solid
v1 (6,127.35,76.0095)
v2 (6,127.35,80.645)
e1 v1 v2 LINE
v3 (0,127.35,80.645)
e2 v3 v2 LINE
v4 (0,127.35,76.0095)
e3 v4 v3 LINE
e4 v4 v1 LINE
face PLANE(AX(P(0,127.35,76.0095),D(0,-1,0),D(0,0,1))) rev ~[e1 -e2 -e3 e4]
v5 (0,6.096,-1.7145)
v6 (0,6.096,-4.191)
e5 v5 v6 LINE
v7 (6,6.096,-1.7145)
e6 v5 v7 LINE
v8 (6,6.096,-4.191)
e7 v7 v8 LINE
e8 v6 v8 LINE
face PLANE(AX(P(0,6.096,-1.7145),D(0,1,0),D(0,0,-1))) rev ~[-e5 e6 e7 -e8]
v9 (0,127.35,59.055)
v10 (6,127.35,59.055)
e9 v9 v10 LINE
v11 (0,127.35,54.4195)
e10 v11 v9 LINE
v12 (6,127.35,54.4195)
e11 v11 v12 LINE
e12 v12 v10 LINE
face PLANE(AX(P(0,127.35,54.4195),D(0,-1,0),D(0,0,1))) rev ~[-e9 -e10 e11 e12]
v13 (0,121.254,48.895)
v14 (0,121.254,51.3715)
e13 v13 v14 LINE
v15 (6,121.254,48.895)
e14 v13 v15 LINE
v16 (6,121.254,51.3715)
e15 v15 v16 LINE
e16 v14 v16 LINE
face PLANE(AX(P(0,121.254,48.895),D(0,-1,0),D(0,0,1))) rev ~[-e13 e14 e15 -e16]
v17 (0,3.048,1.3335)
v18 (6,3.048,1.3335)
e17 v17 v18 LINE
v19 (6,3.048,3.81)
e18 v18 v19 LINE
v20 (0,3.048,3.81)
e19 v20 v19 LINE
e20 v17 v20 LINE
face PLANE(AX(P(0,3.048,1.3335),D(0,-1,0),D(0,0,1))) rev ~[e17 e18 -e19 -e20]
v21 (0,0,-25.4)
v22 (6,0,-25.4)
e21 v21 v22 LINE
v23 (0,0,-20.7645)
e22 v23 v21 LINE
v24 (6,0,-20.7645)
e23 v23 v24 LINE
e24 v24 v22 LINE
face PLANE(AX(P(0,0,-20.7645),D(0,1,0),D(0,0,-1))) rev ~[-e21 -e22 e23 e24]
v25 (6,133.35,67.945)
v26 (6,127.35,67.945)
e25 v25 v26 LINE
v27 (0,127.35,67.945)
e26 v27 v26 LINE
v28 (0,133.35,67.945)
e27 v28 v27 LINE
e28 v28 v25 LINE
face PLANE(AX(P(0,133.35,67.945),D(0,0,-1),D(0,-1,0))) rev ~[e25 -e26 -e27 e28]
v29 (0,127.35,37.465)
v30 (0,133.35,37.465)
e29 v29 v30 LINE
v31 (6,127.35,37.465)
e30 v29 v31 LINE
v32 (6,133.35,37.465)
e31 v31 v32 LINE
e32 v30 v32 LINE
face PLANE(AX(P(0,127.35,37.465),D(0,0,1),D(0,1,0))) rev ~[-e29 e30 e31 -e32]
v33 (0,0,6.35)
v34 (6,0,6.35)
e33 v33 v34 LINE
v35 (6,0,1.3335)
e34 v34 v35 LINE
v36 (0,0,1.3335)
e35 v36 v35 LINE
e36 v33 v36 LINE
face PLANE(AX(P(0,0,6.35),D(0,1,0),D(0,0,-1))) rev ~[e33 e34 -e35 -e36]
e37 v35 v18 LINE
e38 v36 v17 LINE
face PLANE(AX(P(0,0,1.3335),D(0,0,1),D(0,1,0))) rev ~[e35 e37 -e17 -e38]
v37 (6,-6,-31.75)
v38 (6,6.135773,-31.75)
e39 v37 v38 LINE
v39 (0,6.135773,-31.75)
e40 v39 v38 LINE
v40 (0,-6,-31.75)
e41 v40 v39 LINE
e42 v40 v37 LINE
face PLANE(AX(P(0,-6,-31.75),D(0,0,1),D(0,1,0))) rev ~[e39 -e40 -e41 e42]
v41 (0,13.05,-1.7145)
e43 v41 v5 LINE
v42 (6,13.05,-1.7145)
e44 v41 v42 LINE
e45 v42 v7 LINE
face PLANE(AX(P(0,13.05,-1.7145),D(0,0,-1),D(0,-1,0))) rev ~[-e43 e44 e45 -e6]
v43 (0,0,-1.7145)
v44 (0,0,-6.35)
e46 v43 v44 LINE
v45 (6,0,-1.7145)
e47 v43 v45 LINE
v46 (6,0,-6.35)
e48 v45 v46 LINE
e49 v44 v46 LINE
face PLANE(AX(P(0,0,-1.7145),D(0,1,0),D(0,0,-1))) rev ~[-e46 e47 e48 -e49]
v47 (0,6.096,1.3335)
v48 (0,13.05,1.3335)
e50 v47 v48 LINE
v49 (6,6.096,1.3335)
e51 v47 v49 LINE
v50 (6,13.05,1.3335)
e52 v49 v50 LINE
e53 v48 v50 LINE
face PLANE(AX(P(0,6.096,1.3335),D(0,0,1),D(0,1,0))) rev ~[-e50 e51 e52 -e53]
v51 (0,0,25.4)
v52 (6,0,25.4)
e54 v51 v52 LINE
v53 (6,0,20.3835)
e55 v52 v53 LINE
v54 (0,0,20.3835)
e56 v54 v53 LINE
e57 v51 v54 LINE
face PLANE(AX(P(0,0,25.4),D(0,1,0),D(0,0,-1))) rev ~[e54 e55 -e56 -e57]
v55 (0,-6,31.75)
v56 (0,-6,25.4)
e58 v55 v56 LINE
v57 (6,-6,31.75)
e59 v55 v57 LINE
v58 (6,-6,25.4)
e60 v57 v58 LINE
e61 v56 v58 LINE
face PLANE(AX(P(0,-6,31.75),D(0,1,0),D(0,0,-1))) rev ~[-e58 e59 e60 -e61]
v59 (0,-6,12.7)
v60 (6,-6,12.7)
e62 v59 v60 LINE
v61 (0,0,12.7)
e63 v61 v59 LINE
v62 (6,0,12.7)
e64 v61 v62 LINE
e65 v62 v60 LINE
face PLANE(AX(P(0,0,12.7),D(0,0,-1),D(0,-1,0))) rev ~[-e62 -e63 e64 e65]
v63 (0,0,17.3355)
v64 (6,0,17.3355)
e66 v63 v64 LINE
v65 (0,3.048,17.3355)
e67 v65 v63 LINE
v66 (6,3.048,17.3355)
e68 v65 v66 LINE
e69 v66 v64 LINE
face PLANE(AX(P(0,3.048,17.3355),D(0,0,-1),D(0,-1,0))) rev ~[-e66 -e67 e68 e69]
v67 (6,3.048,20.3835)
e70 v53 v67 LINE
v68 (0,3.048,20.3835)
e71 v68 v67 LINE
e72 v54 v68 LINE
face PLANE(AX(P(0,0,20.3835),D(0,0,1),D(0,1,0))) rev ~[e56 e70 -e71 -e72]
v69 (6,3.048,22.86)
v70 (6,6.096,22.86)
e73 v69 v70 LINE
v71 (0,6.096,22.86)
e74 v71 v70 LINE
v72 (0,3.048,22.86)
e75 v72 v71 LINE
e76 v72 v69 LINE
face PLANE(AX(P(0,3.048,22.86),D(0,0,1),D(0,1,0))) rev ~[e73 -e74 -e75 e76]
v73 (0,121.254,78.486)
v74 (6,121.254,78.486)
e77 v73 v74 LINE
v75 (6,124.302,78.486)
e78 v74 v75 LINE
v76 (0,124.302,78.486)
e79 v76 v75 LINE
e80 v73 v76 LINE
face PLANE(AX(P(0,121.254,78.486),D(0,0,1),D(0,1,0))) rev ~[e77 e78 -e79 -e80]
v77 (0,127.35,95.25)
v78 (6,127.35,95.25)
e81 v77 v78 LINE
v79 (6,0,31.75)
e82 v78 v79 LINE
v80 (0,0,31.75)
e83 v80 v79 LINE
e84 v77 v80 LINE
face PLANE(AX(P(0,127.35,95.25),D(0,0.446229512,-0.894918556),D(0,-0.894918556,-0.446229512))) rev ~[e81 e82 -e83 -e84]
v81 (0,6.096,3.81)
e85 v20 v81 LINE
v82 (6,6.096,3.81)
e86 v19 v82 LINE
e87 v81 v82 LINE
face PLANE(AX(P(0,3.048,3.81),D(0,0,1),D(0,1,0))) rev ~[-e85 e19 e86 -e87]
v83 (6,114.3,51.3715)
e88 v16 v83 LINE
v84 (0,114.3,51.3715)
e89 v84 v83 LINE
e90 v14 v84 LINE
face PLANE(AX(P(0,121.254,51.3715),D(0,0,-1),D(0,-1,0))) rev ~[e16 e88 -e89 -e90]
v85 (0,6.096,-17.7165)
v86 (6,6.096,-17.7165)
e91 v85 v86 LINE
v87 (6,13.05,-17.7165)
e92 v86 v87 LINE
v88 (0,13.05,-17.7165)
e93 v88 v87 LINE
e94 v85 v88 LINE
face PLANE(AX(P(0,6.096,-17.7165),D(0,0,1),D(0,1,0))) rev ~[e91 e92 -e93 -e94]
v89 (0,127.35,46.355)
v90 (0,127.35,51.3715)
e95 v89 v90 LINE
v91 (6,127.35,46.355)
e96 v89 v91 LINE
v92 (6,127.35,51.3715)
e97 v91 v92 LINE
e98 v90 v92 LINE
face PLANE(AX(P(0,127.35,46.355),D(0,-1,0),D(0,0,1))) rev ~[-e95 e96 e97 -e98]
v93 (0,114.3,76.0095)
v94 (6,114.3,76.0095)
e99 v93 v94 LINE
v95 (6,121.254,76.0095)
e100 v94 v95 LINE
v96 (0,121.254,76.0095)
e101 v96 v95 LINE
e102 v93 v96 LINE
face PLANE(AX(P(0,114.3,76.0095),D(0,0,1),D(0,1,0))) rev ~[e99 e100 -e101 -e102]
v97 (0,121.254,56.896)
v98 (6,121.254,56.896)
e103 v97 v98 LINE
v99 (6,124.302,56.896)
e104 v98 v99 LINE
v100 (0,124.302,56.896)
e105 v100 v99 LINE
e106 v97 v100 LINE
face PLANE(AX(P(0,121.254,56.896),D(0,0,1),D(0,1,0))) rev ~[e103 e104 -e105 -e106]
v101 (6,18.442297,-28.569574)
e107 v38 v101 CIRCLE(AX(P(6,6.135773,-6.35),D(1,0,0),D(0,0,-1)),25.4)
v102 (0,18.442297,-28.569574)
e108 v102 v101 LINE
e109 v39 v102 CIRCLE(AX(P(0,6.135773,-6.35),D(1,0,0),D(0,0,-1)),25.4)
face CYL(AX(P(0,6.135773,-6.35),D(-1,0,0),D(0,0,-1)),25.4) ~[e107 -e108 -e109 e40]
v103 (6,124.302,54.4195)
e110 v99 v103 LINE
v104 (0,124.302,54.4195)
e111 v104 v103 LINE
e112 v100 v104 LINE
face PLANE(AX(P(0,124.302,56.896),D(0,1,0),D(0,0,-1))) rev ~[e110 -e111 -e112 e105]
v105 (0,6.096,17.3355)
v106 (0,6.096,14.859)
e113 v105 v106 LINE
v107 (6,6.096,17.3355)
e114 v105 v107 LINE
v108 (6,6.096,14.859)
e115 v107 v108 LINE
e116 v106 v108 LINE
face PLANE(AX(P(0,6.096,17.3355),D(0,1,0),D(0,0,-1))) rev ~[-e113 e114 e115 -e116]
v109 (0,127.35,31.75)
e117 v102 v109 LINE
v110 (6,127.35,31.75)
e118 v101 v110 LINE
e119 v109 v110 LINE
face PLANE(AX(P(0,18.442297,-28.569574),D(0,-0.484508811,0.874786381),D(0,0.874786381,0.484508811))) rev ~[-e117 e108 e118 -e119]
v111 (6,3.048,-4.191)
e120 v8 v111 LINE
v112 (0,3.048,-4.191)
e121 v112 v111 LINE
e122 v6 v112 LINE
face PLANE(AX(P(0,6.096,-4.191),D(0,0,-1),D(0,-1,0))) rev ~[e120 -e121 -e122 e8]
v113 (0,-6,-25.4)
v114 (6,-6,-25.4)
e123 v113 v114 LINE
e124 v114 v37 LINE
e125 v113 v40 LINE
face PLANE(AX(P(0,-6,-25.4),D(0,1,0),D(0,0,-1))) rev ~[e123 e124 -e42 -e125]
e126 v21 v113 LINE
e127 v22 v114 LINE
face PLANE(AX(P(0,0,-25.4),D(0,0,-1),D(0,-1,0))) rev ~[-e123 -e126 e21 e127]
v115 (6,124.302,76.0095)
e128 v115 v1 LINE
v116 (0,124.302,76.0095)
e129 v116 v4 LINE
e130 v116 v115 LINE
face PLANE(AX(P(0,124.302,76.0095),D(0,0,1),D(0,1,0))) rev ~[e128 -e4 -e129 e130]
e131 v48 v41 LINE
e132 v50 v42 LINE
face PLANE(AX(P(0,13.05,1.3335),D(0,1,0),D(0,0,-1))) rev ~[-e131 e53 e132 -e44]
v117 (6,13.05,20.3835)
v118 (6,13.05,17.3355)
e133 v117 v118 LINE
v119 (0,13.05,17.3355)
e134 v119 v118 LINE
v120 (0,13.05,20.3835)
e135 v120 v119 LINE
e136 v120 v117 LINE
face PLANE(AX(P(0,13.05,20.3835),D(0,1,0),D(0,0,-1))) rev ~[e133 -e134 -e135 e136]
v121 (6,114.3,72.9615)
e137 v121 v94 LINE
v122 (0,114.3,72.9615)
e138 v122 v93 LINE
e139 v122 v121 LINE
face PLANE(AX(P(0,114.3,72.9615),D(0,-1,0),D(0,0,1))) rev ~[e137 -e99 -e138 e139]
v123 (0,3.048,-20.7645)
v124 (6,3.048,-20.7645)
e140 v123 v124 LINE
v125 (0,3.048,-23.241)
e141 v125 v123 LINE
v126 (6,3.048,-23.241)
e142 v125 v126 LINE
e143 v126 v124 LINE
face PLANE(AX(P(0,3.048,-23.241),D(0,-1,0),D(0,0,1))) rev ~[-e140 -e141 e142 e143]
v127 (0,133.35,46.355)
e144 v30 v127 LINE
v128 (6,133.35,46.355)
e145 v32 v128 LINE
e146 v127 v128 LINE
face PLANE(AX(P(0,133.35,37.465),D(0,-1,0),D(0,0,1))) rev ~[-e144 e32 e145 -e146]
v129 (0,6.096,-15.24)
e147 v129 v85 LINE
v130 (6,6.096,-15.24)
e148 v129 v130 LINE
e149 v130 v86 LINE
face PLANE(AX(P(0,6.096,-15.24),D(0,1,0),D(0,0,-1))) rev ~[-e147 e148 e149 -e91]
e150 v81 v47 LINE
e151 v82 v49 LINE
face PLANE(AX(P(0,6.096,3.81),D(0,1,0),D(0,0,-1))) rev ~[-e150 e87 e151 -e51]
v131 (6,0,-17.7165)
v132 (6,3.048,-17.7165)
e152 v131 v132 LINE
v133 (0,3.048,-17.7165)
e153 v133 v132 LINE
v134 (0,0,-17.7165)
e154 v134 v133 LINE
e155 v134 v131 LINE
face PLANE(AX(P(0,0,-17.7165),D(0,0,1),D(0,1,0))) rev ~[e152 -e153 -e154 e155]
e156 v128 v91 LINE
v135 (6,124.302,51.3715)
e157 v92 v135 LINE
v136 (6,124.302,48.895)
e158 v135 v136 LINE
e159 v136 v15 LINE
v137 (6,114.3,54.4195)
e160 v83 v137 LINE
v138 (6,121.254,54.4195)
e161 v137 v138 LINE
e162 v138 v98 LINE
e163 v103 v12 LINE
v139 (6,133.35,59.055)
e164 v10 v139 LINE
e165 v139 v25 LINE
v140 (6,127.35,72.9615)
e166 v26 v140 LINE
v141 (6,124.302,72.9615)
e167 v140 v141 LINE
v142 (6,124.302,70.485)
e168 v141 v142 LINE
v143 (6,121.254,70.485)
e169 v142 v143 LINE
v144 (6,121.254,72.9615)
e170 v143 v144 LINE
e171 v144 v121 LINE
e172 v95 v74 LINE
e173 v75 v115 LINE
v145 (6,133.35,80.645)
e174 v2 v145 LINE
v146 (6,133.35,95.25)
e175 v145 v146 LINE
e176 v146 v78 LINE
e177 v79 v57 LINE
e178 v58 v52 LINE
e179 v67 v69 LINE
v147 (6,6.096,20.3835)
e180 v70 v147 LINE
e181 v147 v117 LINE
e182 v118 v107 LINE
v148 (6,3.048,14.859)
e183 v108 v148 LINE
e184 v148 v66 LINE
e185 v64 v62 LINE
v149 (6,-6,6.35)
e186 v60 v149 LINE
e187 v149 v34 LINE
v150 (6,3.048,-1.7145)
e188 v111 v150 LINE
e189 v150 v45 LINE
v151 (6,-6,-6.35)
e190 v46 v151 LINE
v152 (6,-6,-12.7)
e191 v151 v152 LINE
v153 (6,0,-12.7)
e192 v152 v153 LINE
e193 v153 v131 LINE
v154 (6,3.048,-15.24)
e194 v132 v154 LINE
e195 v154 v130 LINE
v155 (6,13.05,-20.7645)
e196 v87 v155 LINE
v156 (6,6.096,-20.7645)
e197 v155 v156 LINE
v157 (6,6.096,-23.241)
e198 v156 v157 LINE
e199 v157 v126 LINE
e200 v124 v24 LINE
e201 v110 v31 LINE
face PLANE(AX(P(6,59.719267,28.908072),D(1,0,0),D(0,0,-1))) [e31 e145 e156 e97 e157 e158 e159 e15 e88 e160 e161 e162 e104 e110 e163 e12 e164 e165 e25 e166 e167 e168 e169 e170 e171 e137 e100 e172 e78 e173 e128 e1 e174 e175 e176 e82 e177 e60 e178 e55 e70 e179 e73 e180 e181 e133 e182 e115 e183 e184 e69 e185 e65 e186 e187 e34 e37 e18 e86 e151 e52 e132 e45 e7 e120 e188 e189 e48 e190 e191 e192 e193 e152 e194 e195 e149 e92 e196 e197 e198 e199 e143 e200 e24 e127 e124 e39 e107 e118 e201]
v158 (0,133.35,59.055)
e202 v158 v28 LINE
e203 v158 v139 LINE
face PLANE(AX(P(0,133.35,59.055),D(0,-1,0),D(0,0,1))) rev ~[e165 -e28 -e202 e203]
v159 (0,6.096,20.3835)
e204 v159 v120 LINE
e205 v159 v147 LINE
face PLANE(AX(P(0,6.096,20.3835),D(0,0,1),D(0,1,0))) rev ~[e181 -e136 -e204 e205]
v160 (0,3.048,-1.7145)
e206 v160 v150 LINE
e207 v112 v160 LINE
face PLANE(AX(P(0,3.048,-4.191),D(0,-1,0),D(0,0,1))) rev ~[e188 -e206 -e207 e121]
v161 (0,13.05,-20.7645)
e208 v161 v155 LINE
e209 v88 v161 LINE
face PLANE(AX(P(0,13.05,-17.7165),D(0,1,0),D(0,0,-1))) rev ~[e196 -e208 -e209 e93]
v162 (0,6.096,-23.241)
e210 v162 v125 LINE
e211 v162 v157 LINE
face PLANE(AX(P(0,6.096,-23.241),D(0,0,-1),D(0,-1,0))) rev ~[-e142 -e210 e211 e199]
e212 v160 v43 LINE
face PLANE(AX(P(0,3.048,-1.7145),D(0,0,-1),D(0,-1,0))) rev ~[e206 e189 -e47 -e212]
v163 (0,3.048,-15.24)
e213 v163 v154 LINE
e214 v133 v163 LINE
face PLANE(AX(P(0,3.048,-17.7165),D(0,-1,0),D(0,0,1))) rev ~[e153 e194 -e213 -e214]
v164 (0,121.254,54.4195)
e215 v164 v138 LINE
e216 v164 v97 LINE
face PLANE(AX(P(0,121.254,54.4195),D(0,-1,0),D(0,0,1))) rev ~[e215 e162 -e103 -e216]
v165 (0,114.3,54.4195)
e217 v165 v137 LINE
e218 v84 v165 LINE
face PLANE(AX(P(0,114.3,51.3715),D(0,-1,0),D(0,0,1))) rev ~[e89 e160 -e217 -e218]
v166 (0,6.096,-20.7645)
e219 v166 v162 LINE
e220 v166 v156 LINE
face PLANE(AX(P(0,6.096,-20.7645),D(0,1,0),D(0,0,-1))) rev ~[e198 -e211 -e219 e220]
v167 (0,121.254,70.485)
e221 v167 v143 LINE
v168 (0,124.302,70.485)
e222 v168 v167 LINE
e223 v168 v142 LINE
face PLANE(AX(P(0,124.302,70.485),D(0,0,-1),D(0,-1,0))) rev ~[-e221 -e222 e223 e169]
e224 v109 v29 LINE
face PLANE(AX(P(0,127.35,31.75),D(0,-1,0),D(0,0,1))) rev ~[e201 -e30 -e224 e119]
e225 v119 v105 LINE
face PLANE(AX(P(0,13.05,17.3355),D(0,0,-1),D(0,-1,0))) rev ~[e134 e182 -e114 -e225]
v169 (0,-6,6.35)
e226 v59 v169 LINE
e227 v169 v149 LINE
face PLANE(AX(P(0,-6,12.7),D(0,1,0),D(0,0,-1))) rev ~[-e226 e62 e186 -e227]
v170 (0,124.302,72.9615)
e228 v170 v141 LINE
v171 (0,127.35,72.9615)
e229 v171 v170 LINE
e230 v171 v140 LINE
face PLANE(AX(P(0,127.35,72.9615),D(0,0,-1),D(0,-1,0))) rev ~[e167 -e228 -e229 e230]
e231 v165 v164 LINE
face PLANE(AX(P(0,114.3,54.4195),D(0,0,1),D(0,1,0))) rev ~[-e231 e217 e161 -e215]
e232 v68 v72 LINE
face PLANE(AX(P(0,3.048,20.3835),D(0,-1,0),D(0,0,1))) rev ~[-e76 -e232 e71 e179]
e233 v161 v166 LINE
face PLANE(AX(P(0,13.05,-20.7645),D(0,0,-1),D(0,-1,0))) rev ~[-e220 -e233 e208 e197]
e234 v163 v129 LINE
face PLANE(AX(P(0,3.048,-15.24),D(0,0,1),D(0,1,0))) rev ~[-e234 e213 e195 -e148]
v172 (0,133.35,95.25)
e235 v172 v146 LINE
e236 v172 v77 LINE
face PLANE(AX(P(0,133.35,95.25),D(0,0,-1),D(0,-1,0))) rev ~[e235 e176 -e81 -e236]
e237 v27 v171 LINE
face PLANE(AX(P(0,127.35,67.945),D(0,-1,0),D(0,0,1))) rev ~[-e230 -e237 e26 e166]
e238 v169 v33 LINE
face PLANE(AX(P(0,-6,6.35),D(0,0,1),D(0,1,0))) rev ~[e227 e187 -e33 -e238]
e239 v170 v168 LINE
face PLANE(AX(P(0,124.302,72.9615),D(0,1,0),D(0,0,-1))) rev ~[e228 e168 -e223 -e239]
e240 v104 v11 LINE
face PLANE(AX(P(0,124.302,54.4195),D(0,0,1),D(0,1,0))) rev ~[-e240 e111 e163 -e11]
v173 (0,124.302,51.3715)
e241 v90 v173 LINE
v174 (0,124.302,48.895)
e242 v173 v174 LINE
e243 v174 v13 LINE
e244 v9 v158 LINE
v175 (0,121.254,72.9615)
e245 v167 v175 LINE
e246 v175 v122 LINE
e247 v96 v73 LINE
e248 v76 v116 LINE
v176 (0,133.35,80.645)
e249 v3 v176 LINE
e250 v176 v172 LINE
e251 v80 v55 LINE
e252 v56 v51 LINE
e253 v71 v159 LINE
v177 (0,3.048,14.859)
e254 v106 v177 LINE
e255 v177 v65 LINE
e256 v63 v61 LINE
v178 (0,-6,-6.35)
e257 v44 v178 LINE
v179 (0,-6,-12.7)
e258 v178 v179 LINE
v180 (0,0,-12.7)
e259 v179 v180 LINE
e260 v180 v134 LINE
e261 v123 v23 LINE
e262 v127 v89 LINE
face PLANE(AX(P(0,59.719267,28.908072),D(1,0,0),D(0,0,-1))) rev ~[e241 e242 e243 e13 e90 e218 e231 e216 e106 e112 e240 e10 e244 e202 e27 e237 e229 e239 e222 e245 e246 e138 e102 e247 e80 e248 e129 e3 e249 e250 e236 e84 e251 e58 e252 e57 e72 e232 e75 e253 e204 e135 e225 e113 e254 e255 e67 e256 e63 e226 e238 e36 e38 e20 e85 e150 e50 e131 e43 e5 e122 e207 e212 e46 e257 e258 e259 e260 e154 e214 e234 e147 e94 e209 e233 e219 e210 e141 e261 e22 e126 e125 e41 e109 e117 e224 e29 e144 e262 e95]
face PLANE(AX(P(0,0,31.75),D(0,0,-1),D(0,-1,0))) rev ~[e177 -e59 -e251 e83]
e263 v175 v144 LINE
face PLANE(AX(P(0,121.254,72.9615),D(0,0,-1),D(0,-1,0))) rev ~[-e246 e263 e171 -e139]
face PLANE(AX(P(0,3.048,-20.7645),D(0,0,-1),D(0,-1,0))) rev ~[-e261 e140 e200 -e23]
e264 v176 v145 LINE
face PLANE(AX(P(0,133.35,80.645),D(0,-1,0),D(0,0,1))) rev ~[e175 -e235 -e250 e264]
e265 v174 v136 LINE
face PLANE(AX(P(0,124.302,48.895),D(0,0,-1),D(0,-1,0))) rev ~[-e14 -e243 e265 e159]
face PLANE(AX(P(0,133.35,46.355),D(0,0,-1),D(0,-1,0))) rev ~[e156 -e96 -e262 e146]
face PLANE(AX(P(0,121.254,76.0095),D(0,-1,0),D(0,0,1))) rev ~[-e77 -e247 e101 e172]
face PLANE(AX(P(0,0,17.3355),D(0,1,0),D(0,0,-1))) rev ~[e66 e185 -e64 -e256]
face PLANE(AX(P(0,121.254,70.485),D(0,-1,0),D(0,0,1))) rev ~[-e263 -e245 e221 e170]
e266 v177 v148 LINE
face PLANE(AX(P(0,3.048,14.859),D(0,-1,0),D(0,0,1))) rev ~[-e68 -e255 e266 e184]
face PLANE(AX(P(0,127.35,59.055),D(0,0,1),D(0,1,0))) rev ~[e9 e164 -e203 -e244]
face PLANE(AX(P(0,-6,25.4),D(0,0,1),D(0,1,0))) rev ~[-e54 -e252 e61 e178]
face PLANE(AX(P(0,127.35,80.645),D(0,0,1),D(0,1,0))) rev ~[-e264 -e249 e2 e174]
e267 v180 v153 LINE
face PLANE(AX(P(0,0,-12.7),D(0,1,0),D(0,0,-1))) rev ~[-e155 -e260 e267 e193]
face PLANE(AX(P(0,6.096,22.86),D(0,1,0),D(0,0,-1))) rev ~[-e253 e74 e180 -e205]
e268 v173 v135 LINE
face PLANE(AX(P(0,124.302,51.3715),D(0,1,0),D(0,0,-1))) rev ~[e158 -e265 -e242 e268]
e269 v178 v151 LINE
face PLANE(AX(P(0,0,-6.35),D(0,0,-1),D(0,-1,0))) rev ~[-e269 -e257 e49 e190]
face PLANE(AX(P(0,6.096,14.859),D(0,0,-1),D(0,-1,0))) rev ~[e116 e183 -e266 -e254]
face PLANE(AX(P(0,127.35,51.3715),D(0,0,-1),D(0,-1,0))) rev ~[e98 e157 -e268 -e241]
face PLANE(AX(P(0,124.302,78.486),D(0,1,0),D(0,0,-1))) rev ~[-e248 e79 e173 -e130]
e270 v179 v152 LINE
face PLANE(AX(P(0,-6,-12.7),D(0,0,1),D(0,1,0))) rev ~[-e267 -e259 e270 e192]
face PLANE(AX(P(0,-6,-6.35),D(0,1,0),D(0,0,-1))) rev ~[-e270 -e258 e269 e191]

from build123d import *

# Parameters (mm, degrees)
BOSS_EXTRUDE1_DEPTH = 6


with BuildPart() as part:
    # Sketch1 → Boss-Extrude1 (new body)
    with BuildSketch(Plane(origin=(0, 0, 0), x_dir=(0, 0, -1), z_dir=(1, 0, 0))):
        with BuildLine():
            Line((-95.25, 127.35), (-31.75, 0))
            Line((-31.75, 0), (-31.75, -6))
            Line((-31.75, -6), (-25.4, -6))
            Line((-25.4, -6), (-25.4, 0))
            Line((-25.4, 0), (-20.3835, 0))
            Line((-20.3835, 0), (-20.3835, 3.048))
            Line((-20.3835, 3.048), (-22.86, 3.048))
            Line((-22.86, 3.048), (-22.86, 6.096))
            Line((-22.86, 6.096), (-20.3835, 6.096))
            Line((-20.3835, 6.096), (-20.3835, 13.050000062))
            Line((-20.3835, 13.050000062), (-17.3355, 13.050000062))
            Line((-17.3355, 13.050000062), (-17.3355, 6.096))
            Line((-17.3355, 6.096), (-14.859, 6.096))
            Line((-14.859, 6.096), (-14.859, 3.048))
            Line((-14.859, 3.048), (-17.3355, 3.048))
            Line((-17.3355, 3.048), (-17.3355, 0))
            Line((-17.3355, 0), (-12.7, 0))
            Line((-12.7, 0), (-12.7, -6))
            Line((-12.7, -6), (-6.35, -6))
            Line((-6.35, -6), (-6.35, 0))
            Line((-6.35, 0), (-1.3335, 0))
            Line((-1.3335, 0), (-1.3335, 3.048))
            Line((-1.3335, 3.048), (-3.81, 3.048))
            Line((-3.81, 3.048), (-3.81, 6.096))
            Line((-3.81, 6.096), (-1.3335, 6.096))
            Line((-1.3335, 6.096), (-1.3335, 13.050000062))
            Line((-1.3335, 13.050000062), (1.7145, 13.050000062))
            Line((1.7145, 13.050000062), (1.7145, 6.096))
            Line((1.7145, 6.096), (4.191, 6.096))
            Line((4.191, 6.096), (4.191, 3.048))
            Line((4.191, 3.048), (1.7145, 3.048))
            Line((1.7145, 3.048), (1.7145, 0))
            Line((1.7145, 0), (6.35, 0))
            Line((6.35, 0), (6.35, -6))
            Line((6.35, -6), (12.7, -6))
            Line((12.7, -6), (12.7, 0))
            Line((12.7, 0), (17.7165, 0))
            Line((17.7165, 0), (17.7165, 3.048))
            Line((17.7165, 3.048), (15.24, 3.048))
            Line((15.24, 3.048), (15.24, 6.096))
            Line((15.24, 6.096), (17.7165, 6.096))
            Line((17.7165, 6.096), (17.7165, 13.050000062))
            Line((17.7165, 13.050000062), (20.7645, 13.050000062))
            Line((20.7645, 13.050000062), (20.7645, 6.096))
            Line((20.7645, 6.096), (23.241, 6.096))
            Line((23.241, 6.096), (23.241, 3.048))
            Line((23.241, 3.048), (20.7645, 3.048))
            Line((20.7645, 3.048), (20.7645, 0))
            Line((20.7645, 0), (25.4, 0))
            Line((25.4, 0), (25.4, -6))
            Line((25.4, -6), (31.75, -6))
            Line((31.75, -6), (31.75, 0))
            Line((31.75, 0), (31.75, 6.135772776))
            ThreePointArc((31.75, 6.135772776), (30.94204324, 12.491196387), (28.569574073, 18.442296576))
            Line((28.569574073, 18.442296576), (-31.75, 127.35))
            Line((-31.75, 127.35), (-37.465, 127.35))
            Line((-37.465, 127.35), (-37.465, 133.35))
            Line((-37.465, 133.35), (-46.355, 133.35))
            Line((-46.355, 133.35), (-46.355, 127.35))
            Line((-46.355, 127.35), (-51.3715, 127.35))
            Line((-51.3715, 127.35), (-51.3715, 124.302))
            Line((-51.3715, 124.302), (-48.895, 124.302))
            Line((-48.895, 124.302), (-48.895, 121.254))
            Line((-48.895, 121.254), (-51.3715, 121.254))
            Line((-51.3715, 121.254), (-51.3715, 114.299999938))
            Line((-51.3715, 114.299999938), (-54.4195, 114.299999938))
            Line((-54.4195, 114.299999938), (-54.4195, 121.254))
            Line((-54.4195, 121.254), (-56.896, 121.254))
            Line((-56.896, 121.254), (-56.896, 124.302))
            Line((-56.896, 124.302), (-54.4195, 124.302))
            Line((-54.4195, 124.302), (-54.4195, 127.35))
            Line((-54.4195, 127.35), (-59.055, 127.35))
            Line((-59.055, 127.35), (-59.055, 133.35))
            Line((-59.055, 133.35), (-67.945, 133.35))
            Line((-67.945, 133.35), (-67.945, 127.35))
            Line((-67.945, 127.35), (-72.9615, 127.35))
            Line((-72.9615, 127.35), (-72.9615, 124.302))
            Line((-72.9615, 124.302), (-70.485, 124.302))
            Line((-70.485, 124.302), (-70.485, 121.254))
            Line((-70.485, 121.254), (-72.9615, 121.254))
            Line((-72.9615, 121.254), (-72.9615, 114.299999938))
            Line((-72.9615, 114.299999938), (-76.0095, 114.299999938))
            Line((-76.0095, 114.299999938), (-76.0095, 121.254))
            Line((-76.0095, 121.254), (-78.486, 121.254))
            Line((-78.486, 121.254), (-78.486, 124.302))
            Line((-78.486, 124.302), (-76.0095, 124.302))
            Line((-76.0095, 124.302), (-76.0095, 127.35))
            Line((-76.0095, 127.35), (-80.645, 127.35))
            Line((-80.645, 127.35), (-80.645, 133.35))
            Line((-80.645, 133.35), (-95.25, 133.35))
            Line((-95.25, 133.35), (-95.25, 127.35))
        make_face()
    extrude(amount=BOSS_EXTRUDE1_DEPTH)


solid = part.part
